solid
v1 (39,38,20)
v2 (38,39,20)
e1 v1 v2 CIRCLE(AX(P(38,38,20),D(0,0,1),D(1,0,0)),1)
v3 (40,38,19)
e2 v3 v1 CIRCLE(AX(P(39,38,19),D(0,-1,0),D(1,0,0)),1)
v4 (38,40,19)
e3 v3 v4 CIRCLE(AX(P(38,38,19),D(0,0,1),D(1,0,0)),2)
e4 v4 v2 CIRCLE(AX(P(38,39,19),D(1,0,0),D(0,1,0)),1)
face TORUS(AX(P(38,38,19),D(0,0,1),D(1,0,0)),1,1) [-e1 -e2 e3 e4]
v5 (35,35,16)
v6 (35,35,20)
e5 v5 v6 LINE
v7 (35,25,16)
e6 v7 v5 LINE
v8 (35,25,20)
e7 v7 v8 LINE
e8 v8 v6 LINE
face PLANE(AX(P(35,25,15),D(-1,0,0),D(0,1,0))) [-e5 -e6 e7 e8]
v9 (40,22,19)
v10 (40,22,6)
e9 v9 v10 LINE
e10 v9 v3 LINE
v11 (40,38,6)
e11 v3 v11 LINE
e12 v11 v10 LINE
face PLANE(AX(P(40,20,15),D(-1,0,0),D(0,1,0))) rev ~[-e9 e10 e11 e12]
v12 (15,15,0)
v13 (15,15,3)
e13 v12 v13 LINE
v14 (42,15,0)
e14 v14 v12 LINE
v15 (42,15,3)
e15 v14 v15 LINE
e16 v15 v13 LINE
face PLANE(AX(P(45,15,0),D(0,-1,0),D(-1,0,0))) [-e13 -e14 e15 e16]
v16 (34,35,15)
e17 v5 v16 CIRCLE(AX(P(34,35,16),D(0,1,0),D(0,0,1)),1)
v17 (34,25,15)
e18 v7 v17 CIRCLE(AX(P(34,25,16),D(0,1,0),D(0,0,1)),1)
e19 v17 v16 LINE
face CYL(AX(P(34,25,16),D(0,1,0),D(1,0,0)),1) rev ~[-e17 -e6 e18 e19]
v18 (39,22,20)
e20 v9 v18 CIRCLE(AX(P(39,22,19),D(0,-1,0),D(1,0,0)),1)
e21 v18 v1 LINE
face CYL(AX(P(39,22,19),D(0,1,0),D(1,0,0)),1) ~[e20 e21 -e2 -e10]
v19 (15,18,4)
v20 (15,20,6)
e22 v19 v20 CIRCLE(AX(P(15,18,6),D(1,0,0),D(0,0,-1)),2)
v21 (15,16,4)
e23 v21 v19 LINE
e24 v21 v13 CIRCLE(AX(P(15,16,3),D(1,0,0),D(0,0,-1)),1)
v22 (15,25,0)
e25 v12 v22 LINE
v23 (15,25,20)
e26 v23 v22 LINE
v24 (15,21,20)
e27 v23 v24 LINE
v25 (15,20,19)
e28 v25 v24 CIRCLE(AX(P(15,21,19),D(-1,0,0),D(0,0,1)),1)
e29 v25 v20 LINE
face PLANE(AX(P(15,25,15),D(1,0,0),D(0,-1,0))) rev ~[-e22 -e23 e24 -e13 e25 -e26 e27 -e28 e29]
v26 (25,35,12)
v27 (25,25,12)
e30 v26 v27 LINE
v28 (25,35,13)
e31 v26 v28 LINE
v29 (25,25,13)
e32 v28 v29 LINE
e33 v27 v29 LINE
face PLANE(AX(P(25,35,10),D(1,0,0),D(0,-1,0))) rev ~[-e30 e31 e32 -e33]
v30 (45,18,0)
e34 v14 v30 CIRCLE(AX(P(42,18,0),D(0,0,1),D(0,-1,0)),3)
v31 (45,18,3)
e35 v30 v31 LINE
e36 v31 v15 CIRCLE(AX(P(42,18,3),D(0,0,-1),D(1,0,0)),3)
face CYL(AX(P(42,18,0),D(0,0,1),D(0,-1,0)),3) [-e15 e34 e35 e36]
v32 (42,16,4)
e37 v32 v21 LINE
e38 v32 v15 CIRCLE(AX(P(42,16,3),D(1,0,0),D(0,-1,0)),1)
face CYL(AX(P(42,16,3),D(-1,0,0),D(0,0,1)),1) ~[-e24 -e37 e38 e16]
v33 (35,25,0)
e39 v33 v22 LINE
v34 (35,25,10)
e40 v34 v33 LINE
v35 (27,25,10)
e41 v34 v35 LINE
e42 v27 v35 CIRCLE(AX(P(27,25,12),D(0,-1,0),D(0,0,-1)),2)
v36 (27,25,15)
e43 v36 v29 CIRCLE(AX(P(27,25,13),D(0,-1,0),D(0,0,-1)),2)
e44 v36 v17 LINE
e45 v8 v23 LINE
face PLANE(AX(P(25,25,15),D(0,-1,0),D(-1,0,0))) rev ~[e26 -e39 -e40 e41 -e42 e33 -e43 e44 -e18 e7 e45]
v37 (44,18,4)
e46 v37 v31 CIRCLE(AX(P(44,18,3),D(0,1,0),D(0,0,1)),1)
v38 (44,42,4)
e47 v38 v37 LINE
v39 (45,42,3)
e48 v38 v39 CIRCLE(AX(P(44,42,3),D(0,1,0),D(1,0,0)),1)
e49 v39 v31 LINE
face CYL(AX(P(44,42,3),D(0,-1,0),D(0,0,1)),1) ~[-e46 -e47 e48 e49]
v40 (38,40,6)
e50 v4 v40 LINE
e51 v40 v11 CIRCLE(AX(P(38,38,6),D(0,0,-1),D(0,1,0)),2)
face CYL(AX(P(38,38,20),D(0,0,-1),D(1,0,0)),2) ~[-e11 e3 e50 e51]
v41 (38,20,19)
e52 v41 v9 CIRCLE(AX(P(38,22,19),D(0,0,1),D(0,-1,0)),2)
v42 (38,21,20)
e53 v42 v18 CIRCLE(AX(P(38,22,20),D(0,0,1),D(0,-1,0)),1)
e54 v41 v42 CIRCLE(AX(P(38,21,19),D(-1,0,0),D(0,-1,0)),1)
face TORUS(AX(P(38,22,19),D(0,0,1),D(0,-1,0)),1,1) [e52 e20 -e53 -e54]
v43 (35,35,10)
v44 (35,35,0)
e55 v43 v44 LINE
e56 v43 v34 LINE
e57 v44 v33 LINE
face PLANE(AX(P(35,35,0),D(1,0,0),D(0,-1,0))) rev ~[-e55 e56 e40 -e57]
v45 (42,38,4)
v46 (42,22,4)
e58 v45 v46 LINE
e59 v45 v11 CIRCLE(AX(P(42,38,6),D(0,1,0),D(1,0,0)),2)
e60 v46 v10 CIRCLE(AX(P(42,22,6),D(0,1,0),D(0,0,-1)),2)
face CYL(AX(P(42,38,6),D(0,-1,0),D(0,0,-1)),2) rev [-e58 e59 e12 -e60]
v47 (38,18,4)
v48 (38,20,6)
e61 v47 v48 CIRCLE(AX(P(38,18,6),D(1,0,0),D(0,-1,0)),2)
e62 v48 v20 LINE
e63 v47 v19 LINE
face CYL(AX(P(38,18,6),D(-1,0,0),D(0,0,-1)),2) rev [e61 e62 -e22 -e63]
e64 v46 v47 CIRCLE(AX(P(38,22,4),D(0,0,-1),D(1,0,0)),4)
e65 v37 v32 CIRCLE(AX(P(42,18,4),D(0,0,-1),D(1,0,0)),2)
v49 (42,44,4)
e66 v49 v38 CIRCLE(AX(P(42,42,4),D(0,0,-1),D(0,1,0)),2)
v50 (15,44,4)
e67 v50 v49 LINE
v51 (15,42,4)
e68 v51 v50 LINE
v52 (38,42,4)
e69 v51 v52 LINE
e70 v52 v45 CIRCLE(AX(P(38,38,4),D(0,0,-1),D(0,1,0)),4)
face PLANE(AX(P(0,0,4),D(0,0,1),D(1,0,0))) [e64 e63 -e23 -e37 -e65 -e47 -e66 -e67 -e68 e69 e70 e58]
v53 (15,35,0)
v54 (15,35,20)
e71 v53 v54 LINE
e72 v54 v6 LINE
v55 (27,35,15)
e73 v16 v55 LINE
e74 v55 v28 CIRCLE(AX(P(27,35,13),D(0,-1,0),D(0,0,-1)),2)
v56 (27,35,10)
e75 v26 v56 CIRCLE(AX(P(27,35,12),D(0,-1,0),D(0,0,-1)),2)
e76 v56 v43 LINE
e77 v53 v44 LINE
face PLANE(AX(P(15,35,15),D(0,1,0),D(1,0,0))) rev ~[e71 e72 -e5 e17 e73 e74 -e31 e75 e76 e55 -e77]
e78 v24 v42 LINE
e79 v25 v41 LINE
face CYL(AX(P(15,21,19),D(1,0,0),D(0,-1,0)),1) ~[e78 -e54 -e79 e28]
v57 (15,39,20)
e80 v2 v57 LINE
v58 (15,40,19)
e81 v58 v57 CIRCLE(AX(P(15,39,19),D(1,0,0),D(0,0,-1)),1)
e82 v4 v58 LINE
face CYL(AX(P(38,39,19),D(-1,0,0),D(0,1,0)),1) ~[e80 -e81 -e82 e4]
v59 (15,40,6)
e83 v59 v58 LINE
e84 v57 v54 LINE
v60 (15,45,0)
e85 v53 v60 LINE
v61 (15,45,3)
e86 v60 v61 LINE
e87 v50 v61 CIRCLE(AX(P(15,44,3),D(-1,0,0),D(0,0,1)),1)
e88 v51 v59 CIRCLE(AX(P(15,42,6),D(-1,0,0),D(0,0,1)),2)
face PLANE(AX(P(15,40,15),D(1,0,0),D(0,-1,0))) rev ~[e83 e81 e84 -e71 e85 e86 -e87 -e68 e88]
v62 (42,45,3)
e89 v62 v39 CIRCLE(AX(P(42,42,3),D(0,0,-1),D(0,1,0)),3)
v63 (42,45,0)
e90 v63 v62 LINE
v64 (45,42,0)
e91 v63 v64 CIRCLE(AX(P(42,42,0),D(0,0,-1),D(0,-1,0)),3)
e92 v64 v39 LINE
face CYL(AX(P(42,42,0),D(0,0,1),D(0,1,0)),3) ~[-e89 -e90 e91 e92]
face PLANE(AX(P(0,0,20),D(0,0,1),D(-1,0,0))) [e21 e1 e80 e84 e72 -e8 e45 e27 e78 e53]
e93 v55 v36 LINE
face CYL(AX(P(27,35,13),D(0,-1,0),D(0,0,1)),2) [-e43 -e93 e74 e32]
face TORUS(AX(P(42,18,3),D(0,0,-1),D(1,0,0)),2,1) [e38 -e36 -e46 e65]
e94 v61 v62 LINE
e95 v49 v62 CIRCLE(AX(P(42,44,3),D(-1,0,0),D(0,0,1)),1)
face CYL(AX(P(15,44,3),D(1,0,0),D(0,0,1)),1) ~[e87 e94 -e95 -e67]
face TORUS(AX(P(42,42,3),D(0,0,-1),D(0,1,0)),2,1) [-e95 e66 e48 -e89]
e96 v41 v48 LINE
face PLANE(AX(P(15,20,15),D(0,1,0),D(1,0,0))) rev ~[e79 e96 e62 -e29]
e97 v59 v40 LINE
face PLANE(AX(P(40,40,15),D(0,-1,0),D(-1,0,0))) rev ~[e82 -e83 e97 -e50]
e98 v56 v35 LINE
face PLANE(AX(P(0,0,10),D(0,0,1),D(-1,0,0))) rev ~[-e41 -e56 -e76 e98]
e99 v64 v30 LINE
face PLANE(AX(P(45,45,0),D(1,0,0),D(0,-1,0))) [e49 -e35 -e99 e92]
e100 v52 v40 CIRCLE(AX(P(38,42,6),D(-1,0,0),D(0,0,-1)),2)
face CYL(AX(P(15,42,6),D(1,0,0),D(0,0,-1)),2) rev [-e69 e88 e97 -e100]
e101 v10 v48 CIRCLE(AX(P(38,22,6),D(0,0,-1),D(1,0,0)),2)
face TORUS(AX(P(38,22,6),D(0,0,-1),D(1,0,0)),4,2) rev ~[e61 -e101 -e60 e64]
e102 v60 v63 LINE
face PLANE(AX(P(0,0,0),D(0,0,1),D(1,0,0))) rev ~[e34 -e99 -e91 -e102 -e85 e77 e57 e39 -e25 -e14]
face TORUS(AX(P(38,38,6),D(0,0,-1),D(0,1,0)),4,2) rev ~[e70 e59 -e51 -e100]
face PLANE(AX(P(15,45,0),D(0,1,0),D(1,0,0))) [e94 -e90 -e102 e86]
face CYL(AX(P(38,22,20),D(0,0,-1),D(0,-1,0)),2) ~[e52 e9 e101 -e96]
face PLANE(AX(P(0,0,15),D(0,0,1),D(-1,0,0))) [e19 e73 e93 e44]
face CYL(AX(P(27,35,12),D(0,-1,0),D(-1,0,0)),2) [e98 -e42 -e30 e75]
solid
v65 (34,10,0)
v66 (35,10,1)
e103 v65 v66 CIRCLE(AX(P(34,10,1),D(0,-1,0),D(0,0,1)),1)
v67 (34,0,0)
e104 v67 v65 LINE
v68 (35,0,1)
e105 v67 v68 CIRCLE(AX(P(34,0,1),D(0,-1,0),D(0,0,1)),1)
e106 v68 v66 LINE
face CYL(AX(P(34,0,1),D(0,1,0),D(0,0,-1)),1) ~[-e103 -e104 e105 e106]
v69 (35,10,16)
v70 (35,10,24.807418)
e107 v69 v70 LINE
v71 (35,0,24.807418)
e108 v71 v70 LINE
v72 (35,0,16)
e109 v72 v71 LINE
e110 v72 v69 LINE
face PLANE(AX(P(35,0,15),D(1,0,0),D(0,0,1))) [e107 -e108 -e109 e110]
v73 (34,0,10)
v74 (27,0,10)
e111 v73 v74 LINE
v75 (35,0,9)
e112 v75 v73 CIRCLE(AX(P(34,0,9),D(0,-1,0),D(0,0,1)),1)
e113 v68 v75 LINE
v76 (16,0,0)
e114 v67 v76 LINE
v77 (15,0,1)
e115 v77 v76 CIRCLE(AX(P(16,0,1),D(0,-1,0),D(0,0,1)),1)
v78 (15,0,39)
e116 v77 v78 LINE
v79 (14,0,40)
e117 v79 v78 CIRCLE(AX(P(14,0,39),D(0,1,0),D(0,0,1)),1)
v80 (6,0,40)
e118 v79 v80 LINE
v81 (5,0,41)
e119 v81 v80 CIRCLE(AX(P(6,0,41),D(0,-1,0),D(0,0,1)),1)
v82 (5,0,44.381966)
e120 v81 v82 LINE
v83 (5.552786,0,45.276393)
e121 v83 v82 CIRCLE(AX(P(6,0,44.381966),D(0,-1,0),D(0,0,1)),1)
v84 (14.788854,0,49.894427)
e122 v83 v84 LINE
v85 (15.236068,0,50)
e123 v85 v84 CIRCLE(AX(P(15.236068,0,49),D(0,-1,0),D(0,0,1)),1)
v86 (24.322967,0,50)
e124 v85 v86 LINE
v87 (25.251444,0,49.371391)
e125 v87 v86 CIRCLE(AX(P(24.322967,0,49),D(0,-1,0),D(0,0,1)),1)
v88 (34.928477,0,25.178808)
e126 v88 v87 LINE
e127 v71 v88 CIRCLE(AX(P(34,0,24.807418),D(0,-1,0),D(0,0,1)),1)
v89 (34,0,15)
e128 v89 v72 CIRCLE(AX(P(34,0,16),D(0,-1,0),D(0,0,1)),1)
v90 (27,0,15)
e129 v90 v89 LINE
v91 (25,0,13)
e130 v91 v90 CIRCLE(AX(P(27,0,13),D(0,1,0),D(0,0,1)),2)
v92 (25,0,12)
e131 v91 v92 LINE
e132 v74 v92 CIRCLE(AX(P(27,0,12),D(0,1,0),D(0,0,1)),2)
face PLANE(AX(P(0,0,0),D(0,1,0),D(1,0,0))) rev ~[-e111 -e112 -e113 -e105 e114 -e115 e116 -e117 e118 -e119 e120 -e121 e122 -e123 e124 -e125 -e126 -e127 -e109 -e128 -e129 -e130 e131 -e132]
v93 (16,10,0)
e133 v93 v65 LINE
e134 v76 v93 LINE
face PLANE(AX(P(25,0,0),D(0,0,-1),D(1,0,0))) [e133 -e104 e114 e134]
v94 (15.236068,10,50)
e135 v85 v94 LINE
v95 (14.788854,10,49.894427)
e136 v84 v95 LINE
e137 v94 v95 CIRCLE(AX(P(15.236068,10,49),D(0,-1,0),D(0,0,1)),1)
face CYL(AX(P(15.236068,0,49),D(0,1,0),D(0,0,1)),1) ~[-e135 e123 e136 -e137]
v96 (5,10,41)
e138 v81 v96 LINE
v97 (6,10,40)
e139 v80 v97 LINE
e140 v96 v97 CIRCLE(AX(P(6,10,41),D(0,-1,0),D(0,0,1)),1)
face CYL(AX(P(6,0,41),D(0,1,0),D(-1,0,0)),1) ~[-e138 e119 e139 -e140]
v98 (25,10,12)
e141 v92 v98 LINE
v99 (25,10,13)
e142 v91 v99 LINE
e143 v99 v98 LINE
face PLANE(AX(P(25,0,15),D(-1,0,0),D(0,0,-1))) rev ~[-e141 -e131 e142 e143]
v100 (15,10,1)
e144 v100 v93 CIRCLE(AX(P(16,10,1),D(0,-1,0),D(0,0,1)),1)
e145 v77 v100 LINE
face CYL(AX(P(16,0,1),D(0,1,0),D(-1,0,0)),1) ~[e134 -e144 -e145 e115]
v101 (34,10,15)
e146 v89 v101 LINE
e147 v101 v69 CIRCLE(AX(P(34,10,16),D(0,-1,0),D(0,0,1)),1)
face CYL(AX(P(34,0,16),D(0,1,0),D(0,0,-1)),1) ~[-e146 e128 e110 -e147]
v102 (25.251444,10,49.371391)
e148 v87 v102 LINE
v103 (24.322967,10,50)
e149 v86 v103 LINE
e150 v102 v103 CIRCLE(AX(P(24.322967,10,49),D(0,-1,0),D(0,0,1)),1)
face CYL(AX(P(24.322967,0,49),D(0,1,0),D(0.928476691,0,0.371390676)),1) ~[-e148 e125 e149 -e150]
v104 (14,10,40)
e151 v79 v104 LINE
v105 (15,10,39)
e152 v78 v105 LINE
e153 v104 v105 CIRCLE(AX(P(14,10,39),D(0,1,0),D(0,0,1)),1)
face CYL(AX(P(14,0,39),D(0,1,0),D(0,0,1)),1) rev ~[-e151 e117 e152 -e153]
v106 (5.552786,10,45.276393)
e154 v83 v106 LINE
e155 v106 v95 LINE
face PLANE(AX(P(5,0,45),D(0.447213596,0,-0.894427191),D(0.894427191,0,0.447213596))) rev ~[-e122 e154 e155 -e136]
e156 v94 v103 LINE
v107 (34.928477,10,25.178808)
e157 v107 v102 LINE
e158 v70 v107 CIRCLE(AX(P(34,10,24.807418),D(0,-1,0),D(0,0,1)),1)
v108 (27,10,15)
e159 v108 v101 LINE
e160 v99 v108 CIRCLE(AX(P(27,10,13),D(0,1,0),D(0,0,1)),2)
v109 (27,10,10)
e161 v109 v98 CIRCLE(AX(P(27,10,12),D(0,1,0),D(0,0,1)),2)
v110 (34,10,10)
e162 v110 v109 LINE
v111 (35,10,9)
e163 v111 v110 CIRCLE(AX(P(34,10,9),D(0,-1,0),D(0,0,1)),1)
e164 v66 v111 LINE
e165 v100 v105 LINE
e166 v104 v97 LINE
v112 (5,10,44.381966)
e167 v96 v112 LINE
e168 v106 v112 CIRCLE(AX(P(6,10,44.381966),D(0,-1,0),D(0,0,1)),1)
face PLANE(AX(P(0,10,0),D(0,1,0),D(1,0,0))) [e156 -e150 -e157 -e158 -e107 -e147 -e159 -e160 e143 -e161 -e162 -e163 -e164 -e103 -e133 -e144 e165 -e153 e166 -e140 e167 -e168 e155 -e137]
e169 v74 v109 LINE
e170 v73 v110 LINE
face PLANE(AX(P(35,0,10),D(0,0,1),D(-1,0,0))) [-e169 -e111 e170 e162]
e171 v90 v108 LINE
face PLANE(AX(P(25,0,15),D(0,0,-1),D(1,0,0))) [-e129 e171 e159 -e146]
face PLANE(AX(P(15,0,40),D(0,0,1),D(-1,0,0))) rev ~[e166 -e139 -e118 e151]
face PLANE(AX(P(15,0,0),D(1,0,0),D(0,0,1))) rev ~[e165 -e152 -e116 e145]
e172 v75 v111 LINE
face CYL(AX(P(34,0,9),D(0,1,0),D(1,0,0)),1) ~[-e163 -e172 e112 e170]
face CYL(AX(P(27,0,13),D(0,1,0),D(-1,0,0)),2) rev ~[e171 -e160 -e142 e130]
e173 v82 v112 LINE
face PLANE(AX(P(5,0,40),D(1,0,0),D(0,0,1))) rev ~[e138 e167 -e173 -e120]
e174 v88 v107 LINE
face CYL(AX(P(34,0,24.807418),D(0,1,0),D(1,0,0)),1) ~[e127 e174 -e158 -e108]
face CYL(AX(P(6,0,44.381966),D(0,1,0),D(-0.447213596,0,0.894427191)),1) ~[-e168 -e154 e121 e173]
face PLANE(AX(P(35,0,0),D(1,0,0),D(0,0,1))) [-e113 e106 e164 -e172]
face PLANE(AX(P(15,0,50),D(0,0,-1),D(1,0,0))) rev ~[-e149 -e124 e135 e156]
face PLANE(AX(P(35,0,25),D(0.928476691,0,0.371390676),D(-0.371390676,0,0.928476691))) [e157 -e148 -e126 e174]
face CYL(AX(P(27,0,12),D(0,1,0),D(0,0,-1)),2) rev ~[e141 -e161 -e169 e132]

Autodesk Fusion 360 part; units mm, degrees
sketch "Sketch1" plane through (0, 0, 0) normal (0, 1, 0) x (1, 0, 0)
  line L0 (25, 0) -> (15, 0)
  line L1 (15, 0) -> (15, -40)
  line L2 (25, -15) -> (25, -10)
  line L3 (15, -40) -> (5, -40)
  line L4 (5, -40) -> (5, -45)
  line L5 (15, -50) -> (25, -50)
  line L6 (5, -45) -> (15, -50)
  line L7 (25, 0) -> (35, 0)
  line L8 (35, 0) -> (35, -10)
  line L9 (35, -10) -> (25, -10)
  line L10 (25, -15) -> (35, -15)
  line L11 (35, -15) -> (35, -25)
  line L12 (35, -25) -> (25, -50)
extrude "Extrude1" add sketch "Sketch1" along normal blind 10 makes body 1
fillet "Fillet1" radius 1 10 edges at (15, 5, 50) (25, 5, 50) (35, 5, 25) (5, 5, 45) (5, 5, 40) (15, 5, 40) (15, 5, 0) (35, 5, 0) (35, 5, 10) (35, 5, 15) on bodies 1
fillet "Fillet2" radius 2 2 edges at (25, 5, 15) (25, 5, 10) on bodies 1
sketch "Sketch7" plane through (0, 0, 0) normal (0, 0, 1) x (1, 0, 0)
  line L0 (45, 15) -> (15, 15)
  line L1 (15, 45) -> (45, 45)
  line L2 (45, 45) -> (45, 15)
  line L3 (15, 35) -> (35, 35)
  line L4 (35, 35) -> (35, 25)
  line L5 (35, 25) -> (15, 25)
  line L6 (15, 15) -> (15, 25)
  line L7 (15, 35) -> (15, 45)
extrude "Extrude7" add sketch "Sketch7" along normal blind 4 separate body makes body 2
sketch "Sketch8" plane through (0, 0, 4) normal (0, 0, 1) x (-1, 0, 0)
  line L0 (-35, -35) -> (-35, -25)
  line L1 (-35, -25) -> (-15, -25)
  line L2 (-15, -25) -> (-15, -15)
  line L3 (-15, -15) -> (-45, -15)
  line L4 (-45, -15) -> (-45, -45)
  line L5 (-45, -45) -> (-15, -45)
  line L6 (-15, -45) -> (-15, -35)
  line L7 (-15, -35) -> (-35, -35)
  line L8 (-15, -40) -> (-40, -40)
  line L9 (-40, -40) -> (-40, -20)
  line L10 (-40, -20) -> (-15, -20)
  line L11 (-15, -25) -> (-35, -25)
  line L12 (-35, -35) -> (-15, -35)
extrude "Extrude8" add sketch "Sketch8" along normal blind 6 contours L0 L1 L2 L6 L7 L8 L9 L10 L11 L12 bodies 2
sketch "Sketch10" plane through (0, 0, 10) normal (0, 0, 1) x (-1, 0, 0)
  line L0 (-15, -25) -> (-15, -20)
  line L1 (-15, -20) -> (-40, -20)
  line L2 (-40, -20) -> (-40, -40)
  line L3 (-40, -40) -> (-15, -40)
  line L4 (-15, -40) -> (-15, -35)
  line L5 (-15, -35) -> (-35, -35)
  line L6 (-35, -35) -> (-35, -25)
  line L7 (-35, -25) -> (-15, -25)
  line L8 (-15, -40) -> (-40, -40)
  line L9 (-40, -20) -> (-15, -20)
  line L10 (-15, -25) -> (-25, -25)
  line L11 (-25, -35) -> (-15, -35)
  line L12 (-25, -35) -> (-25, -25)
extrude "Extrude9" add sketch "Sketch10" along normal blind 5 bodies 2
sketch "Sketch11" plane through (0, 0, 15) normal (0, 0, 1) x (-1, 0, 0)
  line L0 (-15, -40) -> (-15, -35)
  line L1 (-15, -35) -> (-25, -35)
  line L2 (-25, -35) -> (-25, -25)
  line L3 (-25, -25) -> (-15, -25)
  line L4 (-15, -25) -> (-15, -20)
  line L5 (-15, -20) -> (-40, -20)
  line L6 (-40, -20) -> (-40, -40)
  line L7 (-40, -40) -> (-15, -40)
  line L8 (-15, -40) -> (-40, -40)
  line L9 (-40, -20) -> (-15, -20)
  line L10 (-15, -25) -> (-35, -25)
  line L11 (-35, -25) -> (-35, -35)
  line L12 (-35, -35) -> (-15, -35)
extrude "Extrude10" add sketch "Sketch11" along normal blind 5 contours L0 L1 L3 L4 L5 L6 L7 L8 L9 L10 L11 L12 bodies 2
fillet "Fillet11" radius 3 2 edges at (45, 15, 2) (45, 45, 2) on bodies 2
fillet "Fillet12" radius 2 2 edges at (40, 20, 12) (40, 40, 12) on bodies 2
fillet "Fillet13" radius 1 10 edges at (28.5, 15, 4) (44.1213, 15.8787, 4) (45, 30, 4) (44.1213, 44.1213, 4) (28.5, 45, 4) (26.5, 20, 20) (39.4142, 20.5858, 20) (40, 30, 20) (39.4142, 39.4142, 20) (26.5, 40, 20) on bodies 2
fillet "Fillet14" radius 2 5 edges at (26.5, 40, 4) (39.4142, 39.4142, 4) (40, 30, 4) (39.4142, 20.5858, 4) (26.5, 20, 4) on bodies 2
fillet "Fillet15" radius 1 1 edges at (35, 30, 15) on bodies 2
fillet "Fillet16" radius 2 2 edges at (25, 30, 15) (25, 30, 10) on bodies 2
